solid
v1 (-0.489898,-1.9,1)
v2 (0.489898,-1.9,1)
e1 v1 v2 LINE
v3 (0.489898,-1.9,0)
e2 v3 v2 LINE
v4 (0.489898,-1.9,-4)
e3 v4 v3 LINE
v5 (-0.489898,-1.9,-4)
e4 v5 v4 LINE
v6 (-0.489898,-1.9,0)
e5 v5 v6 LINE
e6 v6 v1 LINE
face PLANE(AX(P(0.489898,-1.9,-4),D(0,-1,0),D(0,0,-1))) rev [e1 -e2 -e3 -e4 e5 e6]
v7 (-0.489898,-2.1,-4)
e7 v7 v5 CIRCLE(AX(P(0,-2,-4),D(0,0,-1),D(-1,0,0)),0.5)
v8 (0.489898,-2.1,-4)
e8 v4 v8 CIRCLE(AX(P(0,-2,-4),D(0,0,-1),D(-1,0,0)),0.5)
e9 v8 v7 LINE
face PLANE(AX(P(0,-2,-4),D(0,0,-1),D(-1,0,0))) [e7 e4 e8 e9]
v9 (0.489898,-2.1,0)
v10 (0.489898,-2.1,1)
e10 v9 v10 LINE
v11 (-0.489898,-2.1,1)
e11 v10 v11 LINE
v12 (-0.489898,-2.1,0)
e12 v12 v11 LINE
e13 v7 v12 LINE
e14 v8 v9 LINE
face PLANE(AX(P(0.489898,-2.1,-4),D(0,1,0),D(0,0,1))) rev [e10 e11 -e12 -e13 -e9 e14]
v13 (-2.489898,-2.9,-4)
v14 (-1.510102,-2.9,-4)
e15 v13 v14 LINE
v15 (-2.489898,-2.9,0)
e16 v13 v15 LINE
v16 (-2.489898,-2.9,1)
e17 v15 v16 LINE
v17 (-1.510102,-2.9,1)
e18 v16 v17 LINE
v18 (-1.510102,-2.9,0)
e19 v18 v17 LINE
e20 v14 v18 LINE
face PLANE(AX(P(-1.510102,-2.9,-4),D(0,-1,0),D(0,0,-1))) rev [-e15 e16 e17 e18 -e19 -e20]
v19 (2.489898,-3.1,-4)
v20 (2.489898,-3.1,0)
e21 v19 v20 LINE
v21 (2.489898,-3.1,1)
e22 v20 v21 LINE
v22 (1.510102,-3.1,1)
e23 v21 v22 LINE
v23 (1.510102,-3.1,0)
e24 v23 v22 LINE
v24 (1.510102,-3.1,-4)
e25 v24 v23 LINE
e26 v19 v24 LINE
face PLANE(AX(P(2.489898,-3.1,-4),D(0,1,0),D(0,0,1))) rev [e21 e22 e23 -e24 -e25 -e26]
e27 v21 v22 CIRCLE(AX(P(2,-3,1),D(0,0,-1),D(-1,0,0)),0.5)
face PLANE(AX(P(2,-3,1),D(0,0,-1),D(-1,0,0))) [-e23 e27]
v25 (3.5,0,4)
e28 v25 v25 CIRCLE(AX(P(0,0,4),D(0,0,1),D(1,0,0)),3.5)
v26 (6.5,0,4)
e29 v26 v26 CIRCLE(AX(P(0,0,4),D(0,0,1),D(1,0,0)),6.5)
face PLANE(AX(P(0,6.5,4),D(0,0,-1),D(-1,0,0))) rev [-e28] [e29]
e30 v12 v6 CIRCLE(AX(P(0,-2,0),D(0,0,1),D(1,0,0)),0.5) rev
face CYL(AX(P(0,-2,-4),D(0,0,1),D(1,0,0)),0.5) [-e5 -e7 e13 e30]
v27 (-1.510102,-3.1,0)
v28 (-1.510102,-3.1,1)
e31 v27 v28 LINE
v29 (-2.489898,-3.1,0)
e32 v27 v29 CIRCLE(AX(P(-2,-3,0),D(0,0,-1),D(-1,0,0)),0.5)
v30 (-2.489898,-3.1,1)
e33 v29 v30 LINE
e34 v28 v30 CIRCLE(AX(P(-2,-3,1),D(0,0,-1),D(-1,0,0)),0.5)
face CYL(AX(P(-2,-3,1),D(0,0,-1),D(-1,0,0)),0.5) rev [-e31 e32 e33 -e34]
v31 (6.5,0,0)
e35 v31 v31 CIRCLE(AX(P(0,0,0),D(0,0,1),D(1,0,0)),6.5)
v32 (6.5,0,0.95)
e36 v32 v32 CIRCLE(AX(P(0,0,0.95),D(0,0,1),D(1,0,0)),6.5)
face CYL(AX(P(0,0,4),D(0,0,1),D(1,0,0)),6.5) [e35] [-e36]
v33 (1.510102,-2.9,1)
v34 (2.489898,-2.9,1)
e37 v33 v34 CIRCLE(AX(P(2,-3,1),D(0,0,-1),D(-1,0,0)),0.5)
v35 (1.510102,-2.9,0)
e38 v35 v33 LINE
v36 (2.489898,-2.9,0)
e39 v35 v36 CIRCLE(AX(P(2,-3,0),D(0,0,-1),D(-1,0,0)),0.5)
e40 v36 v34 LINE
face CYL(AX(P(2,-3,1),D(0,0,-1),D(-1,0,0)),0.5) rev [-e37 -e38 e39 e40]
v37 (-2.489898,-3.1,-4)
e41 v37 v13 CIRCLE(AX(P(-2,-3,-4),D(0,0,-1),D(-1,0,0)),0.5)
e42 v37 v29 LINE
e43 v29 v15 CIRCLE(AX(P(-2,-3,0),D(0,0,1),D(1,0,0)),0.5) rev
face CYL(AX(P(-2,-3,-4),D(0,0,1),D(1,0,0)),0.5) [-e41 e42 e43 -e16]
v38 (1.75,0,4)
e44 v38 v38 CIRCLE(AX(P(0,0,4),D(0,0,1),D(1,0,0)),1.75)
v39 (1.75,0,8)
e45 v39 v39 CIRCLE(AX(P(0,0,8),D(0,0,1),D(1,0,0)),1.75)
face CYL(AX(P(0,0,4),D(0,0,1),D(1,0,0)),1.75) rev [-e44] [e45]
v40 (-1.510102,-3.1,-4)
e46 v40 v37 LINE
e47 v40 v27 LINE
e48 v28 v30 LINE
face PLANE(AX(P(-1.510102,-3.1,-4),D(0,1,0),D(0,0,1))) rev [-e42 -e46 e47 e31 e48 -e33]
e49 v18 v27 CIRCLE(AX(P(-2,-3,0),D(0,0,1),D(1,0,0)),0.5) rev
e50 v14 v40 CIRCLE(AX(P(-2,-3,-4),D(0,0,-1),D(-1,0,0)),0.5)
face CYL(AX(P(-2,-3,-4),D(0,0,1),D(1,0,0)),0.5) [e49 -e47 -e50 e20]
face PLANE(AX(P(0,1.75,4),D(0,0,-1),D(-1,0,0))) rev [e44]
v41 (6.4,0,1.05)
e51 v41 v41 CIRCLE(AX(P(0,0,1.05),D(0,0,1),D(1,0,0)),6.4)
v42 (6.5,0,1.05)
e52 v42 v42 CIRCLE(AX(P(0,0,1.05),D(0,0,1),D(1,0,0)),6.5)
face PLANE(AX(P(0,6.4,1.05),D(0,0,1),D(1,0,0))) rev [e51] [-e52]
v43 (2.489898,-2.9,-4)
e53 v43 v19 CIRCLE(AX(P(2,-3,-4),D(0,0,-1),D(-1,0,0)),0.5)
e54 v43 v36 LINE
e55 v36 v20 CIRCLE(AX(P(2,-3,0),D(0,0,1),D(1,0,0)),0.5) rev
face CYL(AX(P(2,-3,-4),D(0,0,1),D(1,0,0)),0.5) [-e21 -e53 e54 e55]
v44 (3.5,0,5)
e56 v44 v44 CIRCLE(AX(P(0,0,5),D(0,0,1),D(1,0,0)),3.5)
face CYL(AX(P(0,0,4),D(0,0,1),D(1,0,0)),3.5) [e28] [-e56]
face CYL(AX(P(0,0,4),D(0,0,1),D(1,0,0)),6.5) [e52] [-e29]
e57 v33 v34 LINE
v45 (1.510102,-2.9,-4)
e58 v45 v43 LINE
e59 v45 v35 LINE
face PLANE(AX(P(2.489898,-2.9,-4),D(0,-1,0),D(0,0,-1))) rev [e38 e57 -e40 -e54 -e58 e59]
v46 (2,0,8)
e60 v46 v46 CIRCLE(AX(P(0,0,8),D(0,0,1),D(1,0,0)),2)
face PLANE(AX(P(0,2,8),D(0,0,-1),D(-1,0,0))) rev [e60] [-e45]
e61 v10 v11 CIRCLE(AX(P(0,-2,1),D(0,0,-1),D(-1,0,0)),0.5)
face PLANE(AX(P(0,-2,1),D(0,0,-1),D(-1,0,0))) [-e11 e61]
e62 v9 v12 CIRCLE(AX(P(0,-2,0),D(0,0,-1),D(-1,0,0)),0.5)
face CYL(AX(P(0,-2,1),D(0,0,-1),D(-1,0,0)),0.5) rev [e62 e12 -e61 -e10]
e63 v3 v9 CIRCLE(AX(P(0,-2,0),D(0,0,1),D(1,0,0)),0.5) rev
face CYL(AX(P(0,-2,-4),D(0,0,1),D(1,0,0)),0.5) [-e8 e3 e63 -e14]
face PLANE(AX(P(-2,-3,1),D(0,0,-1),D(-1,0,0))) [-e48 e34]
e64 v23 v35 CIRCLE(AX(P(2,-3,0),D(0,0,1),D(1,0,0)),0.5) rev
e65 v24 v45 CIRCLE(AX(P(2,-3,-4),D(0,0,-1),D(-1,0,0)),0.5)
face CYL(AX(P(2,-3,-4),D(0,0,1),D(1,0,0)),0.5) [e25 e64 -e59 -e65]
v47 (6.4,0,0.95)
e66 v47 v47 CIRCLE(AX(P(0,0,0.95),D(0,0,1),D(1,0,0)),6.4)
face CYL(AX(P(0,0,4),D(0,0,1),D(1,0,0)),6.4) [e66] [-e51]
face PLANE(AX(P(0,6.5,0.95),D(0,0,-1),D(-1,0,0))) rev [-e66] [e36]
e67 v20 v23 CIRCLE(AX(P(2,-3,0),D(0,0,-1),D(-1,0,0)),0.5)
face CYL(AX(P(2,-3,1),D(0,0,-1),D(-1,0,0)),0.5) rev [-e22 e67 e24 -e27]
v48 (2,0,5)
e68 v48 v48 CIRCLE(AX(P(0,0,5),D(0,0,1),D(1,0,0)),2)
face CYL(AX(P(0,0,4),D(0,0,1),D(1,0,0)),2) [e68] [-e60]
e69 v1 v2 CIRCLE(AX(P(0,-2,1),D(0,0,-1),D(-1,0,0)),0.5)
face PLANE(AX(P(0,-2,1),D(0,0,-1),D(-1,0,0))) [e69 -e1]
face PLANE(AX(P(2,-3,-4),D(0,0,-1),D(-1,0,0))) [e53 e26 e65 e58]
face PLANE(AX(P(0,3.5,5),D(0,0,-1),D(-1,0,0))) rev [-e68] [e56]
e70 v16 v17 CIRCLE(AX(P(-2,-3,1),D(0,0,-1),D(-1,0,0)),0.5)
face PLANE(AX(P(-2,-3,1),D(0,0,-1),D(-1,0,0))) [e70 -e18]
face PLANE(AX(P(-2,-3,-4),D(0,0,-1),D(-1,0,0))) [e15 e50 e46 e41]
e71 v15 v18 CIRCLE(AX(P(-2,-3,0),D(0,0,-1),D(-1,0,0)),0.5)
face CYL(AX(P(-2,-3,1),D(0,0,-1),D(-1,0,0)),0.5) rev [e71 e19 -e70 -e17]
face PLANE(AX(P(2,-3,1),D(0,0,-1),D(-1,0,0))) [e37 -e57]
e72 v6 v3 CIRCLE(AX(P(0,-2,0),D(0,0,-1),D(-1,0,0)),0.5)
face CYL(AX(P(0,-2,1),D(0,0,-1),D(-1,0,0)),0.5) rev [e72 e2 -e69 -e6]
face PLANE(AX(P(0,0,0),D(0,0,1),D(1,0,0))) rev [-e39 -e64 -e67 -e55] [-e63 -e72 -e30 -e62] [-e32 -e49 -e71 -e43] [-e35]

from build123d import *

# Parameters (mm, degrees)
CROQUIS3_R              = 0.5
CORTAR_EXTRUIR1_DEPTH   = 1
SALIENTE_EXTRUIR3_START = 5
SALIENTE_EXTRUIR3_DEPTH = 5


with BuildPart() as part:
    # Croquis2 → Revolución1 (revolve)
    with BuildSketch(Plane(origin=(0, 0, 0), x_dir=(0, 0, -1), z_dir=(1, 0, 0)), mode=Mode.PRIVATE) as revoluci_n1_sk:
        Polygon((0, 0), (0, 6.5), (-0.95, 6.5), (-0.95, 6.4), (-1.05, 6.4), (-1.05, 6.5), (-4, 6.5), (-4, 3.5), (-5, 3.5), (-5, 2), (-8, 2), (-8, 1.75), (-4, 1.75), (-4, 0), align=None)
    revolve(revoluci_n1_sk.sketch.rotate(Axis((0, 0, 4), (0, 0, -1)), 90), axis=Axis((0, 0, 4), (0, 0, -1)))

    # Croquis3 → Cortar-Extruir1 (cut)
    with BuildSketch(Plane(origin=(0, 0, 0), x_dir=(-1, 0, 0), z_dir=(0, 0, -1))):
        with Locations((-2, -3)):
            Circle(CROQUIS3_R)
        with Locations((2, -3)):
            Circle(CROQUIS3_R)
        with Locations((0, -2)):
            Circle(CROQUIS3_R)
    extrude(amount=-CORTAR_EXTRUIR1_DEPTH, mode=Mode.SUBTRACT)

    # Croquis5 → Saliente-Extruir3 (add)
    with BuildSketch(Plane(origin=(0, 0, 1), x_dir=(-1, 0, 0), z_dir=(0, 0, -1)).offset(SALIENTE_EXTRUIR3_START)):
        with BuildLine():
            Line((-0.489897949, -1.9), (0.489897949, -1.9))
            ThreePointArc((0.489897949, -1.9), (0.5, -2), (0.489897949, -2.1))
            Line((0.489897949, -2.1), (-0.489897949, -2.1))
            ThreePointArc((-0.489897949, -2.1), (-0.5, -2), (-0.489897949, -1.9))
        make_face()
        with BuildLine():
            Line((1.510102051, -2.9), (2.489897949, -2.9))
            ThreePointArc((2.489897949, -2.9), (2.5, -3), (2.489897949, -3.1))
            Line((2.489897949, -3.1), (1.510102051, -3.1))
            ThreePointArc((1.510102051, -3.1), (1.5, -3), (1.510102051, -2.9))
        make_face()
        with BuildLine():
            Line((-2.489897949, -2.9), (-1.510102051, -2.9))
            ThreePointArc((-1.510102051, -2.9), (-1.5, -3), (-1.510102051, -3.1))
            Line((-1.510102051, -3.1), (-2.489897949, -3.1))
            ThreePointArc((-2.489897949, -3.1), (-2.5, -3), (-2.489897949, -2.9))
        make_face()
    extrude(amount=-SALIENTE_EXTRUIR3_DEPTH)


solid = part.part
